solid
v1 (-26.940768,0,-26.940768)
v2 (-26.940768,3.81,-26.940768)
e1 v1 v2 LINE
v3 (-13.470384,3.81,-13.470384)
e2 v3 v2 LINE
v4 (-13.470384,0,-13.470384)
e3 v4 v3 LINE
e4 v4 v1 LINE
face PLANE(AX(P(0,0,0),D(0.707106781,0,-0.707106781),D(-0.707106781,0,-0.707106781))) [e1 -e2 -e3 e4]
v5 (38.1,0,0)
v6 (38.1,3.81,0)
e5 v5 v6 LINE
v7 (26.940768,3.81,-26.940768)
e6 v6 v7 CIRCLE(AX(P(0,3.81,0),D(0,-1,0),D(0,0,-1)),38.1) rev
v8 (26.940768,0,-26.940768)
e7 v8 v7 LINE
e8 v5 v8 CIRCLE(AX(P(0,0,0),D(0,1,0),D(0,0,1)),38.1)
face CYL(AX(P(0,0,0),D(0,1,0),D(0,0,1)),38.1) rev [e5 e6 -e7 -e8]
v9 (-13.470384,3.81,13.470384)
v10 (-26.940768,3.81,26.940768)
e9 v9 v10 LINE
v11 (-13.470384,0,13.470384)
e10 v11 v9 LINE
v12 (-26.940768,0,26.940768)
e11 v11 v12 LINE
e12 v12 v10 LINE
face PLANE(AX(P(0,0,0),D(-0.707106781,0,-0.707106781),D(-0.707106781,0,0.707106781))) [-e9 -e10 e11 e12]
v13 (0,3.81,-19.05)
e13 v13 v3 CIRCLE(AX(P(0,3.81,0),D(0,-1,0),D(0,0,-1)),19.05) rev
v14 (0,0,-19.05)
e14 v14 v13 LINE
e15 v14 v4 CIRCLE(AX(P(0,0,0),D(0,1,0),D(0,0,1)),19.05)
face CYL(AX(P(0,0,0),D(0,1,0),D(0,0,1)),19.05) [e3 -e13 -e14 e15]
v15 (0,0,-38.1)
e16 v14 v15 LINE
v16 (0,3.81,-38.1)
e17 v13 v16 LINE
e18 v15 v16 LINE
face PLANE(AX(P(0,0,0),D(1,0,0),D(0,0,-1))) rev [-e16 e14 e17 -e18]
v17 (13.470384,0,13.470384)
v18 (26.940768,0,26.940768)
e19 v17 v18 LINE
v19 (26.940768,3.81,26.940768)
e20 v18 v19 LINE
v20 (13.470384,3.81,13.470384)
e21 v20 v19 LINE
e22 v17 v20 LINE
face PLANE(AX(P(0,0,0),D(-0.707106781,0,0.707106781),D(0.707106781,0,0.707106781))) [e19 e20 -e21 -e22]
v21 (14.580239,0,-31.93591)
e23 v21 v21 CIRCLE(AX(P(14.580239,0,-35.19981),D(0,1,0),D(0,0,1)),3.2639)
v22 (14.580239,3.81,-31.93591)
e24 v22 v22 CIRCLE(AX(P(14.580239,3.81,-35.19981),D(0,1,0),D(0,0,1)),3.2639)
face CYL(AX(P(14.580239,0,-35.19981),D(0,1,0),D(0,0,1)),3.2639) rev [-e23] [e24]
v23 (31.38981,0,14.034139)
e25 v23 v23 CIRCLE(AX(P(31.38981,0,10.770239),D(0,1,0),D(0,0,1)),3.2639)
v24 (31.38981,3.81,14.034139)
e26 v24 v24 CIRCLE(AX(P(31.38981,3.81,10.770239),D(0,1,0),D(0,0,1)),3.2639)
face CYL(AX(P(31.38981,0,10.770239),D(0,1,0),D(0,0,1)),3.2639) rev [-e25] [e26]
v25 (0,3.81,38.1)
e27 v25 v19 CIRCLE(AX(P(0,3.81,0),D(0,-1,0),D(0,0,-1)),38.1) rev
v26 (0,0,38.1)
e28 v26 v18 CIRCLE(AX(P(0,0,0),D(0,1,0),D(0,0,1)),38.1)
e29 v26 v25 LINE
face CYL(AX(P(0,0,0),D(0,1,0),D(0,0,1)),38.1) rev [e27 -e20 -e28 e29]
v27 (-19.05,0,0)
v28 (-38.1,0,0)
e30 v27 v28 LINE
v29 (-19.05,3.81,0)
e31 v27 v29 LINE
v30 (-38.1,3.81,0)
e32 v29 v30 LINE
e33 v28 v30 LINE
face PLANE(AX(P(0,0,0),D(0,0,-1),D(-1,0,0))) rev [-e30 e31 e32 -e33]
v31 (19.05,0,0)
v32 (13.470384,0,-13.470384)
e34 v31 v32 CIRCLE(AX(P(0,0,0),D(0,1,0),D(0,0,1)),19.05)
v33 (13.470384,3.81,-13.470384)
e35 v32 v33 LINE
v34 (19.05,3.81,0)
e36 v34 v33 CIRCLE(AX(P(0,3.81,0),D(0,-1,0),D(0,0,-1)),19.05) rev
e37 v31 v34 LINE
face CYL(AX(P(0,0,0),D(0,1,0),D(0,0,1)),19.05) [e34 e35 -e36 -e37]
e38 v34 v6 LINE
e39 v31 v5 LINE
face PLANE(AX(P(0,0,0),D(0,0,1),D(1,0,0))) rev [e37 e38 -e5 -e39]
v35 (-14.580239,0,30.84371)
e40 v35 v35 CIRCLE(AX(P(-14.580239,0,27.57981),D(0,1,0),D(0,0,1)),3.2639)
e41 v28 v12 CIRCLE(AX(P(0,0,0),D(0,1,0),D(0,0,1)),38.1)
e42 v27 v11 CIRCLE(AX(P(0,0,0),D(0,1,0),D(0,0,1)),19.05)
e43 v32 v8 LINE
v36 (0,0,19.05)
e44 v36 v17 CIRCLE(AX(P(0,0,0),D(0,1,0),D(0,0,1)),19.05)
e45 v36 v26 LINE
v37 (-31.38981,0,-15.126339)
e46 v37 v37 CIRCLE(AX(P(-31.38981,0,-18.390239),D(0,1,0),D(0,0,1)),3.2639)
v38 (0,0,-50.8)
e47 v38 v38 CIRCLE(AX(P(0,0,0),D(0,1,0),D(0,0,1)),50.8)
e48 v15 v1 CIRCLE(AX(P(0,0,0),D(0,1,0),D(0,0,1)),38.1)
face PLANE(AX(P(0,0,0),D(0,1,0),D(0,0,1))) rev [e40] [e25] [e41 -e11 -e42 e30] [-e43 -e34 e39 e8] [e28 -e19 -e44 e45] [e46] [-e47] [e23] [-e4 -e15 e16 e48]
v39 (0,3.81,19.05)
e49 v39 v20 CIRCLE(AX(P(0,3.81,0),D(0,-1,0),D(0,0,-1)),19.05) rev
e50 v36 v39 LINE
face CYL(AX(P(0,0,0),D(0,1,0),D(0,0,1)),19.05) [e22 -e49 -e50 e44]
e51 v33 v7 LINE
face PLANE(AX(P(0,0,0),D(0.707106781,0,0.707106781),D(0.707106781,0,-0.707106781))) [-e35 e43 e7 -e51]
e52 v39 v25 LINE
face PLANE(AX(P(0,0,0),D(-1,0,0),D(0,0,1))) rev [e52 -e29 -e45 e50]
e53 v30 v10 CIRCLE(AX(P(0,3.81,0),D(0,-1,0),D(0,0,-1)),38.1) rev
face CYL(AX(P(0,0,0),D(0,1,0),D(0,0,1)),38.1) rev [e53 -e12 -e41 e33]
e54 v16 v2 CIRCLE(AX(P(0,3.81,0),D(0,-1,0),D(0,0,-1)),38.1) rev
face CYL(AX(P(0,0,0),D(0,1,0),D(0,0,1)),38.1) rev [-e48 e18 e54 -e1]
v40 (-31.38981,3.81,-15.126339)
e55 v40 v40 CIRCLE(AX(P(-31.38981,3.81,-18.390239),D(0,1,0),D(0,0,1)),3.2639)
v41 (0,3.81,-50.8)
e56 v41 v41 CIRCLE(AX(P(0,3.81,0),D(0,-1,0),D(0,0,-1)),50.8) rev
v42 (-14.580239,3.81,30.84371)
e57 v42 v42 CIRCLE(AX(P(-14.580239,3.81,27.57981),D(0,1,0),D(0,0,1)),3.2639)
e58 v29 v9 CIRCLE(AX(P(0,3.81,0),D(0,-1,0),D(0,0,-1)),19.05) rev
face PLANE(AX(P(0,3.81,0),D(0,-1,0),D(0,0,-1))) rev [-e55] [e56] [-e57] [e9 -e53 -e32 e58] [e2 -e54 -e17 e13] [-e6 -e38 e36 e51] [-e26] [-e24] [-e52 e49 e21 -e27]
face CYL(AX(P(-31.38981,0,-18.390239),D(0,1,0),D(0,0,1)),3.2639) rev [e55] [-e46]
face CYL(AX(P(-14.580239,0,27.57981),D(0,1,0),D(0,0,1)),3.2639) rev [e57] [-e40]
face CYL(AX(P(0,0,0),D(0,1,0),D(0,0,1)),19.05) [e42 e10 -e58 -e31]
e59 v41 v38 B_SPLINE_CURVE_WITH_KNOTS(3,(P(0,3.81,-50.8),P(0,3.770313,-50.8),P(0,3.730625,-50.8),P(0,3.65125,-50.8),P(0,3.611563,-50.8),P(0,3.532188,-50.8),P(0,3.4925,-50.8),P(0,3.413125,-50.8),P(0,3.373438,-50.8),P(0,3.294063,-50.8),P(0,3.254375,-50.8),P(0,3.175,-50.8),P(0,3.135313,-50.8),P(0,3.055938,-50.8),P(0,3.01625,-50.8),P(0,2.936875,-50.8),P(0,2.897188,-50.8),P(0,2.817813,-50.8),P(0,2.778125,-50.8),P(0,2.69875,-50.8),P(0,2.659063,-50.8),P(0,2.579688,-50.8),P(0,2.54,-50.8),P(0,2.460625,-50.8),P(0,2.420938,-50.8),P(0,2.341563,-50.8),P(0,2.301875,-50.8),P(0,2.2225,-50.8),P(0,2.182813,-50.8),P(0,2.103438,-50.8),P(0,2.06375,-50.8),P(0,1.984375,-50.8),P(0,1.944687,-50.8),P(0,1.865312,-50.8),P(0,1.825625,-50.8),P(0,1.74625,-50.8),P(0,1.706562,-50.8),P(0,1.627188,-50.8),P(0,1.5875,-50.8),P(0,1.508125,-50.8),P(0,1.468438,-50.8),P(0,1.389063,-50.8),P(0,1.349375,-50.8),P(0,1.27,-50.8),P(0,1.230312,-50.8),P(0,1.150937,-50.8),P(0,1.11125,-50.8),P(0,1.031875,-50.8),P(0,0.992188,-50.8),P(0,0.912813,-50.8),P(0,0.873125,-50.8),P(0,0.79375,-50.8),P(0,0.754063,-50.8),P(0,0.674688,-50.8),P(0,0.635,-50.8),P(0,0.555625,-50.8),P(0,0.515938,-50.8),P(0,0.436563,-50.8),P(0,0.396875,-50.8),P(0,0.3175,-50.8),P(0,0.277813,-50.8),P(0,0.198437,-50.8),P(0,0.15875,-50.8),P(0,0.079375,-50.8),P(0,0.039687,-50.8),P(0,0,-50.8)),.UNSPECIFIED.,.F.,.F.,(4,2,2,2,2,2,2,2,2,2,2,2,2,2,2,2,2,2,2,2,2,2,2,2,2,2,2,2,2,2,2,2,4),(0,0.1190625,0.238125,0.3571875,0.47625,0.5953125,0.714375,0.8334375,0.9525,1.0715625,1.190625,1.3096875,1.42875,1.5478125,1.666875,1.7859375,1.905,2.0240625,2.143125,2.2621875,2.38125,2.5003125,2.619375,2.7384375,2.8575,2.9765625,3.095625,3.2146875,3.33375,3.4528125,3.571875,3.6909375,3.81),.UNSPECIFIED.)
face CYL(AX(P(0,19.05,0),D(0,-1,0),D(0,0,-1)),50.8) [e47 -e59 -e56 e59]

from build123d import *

# Parameters (mm, degrees)
SKETCH1_R           = 50.8
BOSS_EXTRUDE1_DEPTH = 19.05
CUT_EXTRUDE2_DEPTH  = 15.24
SKETCH5_R           = 4.064
CUT_EXTRUDE3_DEPTH  = 74.440708058
CUT_EXTRUDE4_DEPTH  = 75.324844433
SKETCH7_R           = 48.26
CUT_EXTRUDE5_DEPTH  = 15.24
SKETCH8_R           = 3.2639
CUT_EXTRUDE6_DEPTH  = 74.440708058
CUT_EXTRUDE7_START  = -15.24
SKETCH9_R           = 50.8
CUT_EXTRUDE7_DEPTH  = 15.24
SKETCH10_R          = 6.215985944
BOSS_EXTRUDE2_DEPTH = 3.81


with BuildPart() as part:
    # Sketch1 → Boss-Extrude1 (new body)
    with BuildSketch(Plane(origin=(0, 0, 0), x_dir=(1, 0, 0), z_dir=(0, 1, 0))):
        with Locations(Location((0, 0, 0), (0, 0, 90))):
            Circle(SKETCH1_R)
    extrude(amount=BOSS_EXTRUDE1_DEPTH)

    # Sketch4 → Cut-Extrude2 (cut)
    with BuildSketch(Plane(origin=(0, 19.05, 0), x_dir=(1, 0, 0), z_dir=(0, 1, 0))):
        Polygon((-3.519527241, 6.096), (3.519527241, 6.096), (7.039054482, 0), (3.519527241, -6.096), (-3.519527241, -6.096), (-7.039054482, 0), align=None)
    extrude(amount=-CUT_EXTRUDE2_DEPTH, mode=Mode.SUBTRACT)

    # Sketch5 → Cut-Extrude3 (cut, through all)
    with BuildSketch(Plane(origin=(0, 3.81, 0), x_dir=(1, 0, 0), z_dir=(0, 1, 0))):
        with Locations(Location((0, 0, 0), (0, 0, 270))):
            Circle(SKETCH5_R)
    extrude(amount=-CUT_EXTRUDE3_DEPTH, mode=Mode.SUBTRACT)

    # Sketch6 → Cut-Extrude4 (cut, through all)
    with BuildSketch(Plane(origin=(0, 19.05, 0), x_dir=(1, 0, 0), z_dir=(0, 1, 0))):
        with BuildLine():
            ThreePointArc((-13.470384182, 13.470384182), (-7.290119387, 17.599905094), (0, 19.05))
            Line((0, 19.05), (0, 38.1))
            ThreePointArc((0, 38.1), (-14.580238773, 35.199810189), (-26.940768363, 26.940768363))
            Line((-26.940768363, 26.940768363), (-13.470384182, 13.470384182))
        make_face()
        with BuildLine():
            Line((26.940768363, 26.940768363), (13.470384182, 13.470384182))
            ThreePointArc((13.470384182, 13.470384182), (17.599905094, 7.290119387), (19.05, 0))
            Line((19.05, 0), (38.1, 0))
            ThreePointArc((38.1, 0), (35.199810189, 14.580238773), (26.940768363, 26.940768363))
        make_face()
        with BuildLine():
            Line((26.940768363, -26.940768363), (13.470384182, -13.470384182))
            ThreePointArc((13.470384182, -13.470384182), (7.290119387, -17.599905094), (0, -19.05))
            Line((0, -19.05), (0, -38.1))
            ThreePointArc((0, -38.1), (14.580238773, -35.199810189), (26.940768363, -26.940768363))
        make_face()
        with BuildLine():
            Line((-26.940768363, -26.940768363), (-13.470384182, -13.470384182))
            ThreePointArc((-13.470384182, -13.470384182), (-17.599905094, -7.290119387), (-19.05, 0))
            Line((-19.05, 0), (-38.1, 0))
            ThreePointArc((-38.1, 0), (-35.199810189, -14.580238773), (-26.940768363, -26.940768363))
        make_face()
    extrude(amount=-CUT_EXTRUDE4_DEPTH, mode=Mode.SUBTRACT)

    # Sketch7 → Cut-Extrude5 (cut)
    with BuildSketch(Plane(origin=(0, 19.05, 0), x_dir=(1, 0, 0), z_dir=(0, 1, 0))):
        with Locations(Location((0, 0, 0), (0, 0, 270))):
            Circle(SKETCH7_R)
        with BuildLine():
            Line((-16.313445375, 2.54), (-40.560547334, 2.54))
            ThreePointArc((-40.560547334, 2.54), (-37.546464201, -15.552254691), (-26.884586844, -30.476689292))
            Line((-26.884586844, -30.476689292), (-9.739296625, -13.331399073))
            ThreePointArc((-9.739296625, -13.331399073), (-15.253251082, -6.318103468), (-16.313445375, 2.54))
        make_face(mode=Mode.SUBTRACT)
        with BuildLine():
            Line((16.313445375, -2.54), (40.560547334, -2.54))
            ThreePointArc((40.560547334, -2.54), (37.546464201, 15.552254691), (26.884586844, 30.476689292))
            Line((26.884586844, 30.476689292), (9.739296625, 13.331399073))
            ThreePointArc((9.739296625, 13.331399073), (15.253251082, 6.318103468), (16.313445375, -2.54))
        make_face(mode=Mode.SUBTRACT)
        Polygon((4.985996925, 8.636), (-4.985996925, 8.636), (-9.971993849, 0), (-4.985996925, -8.636), (4.985996925, -8.636), (9.971993849, 0), align=None, mode=Mode.SUBTRACT)
        with BuildLine():
            ThreePointArc((2.54, 40.560547334), (-15.552254691, 37.546464201), (-30.476689292, 26.884586844))
            Line((-30.476689292, 26.884586844), (-13.331399073, 9.739296625))
            ThreePointArc((-13.331399073, 9.739296625), (-6.318103468, 15.253251082), (2.54, 16.313445375))
            Line((2.54, 16.313445375), (2.54, 40.560547334))
        make_face(mode=Mode.SUBTRACT)
        with BuildLine():
            Line((-2.54, -16.313445375), (-2.54, -40.560547334))
            ThreePointArc((-2.54, -40.560547334), (15.552254691, -37.546464201), (30.476689292, -26.884586844))
            Line((30.476689292, -26.884586844), (13.331399073, -9.739296625))
            ThreePointArc((13.331399073, -9.739296625), (6.318103468, -15.253251082), (-2.54, -16.313445375))
        make_face(mode=Mode.SUBTRACT)
    extrude(amount=-CUT_EXTRUDE5_DEPTH, mode=Mode.SUBTRACT)

    # Sketch8 → Cut-Extrude6 (cut, through all)
    with BuildSketch(Plane(origin=(0, 3.81, 0), x_dir=(1, 0, 0), z_dir=(0, 1, 0))):
        with Locations(Location((14.580238773, 35.199810189, 0), (0, 0, 270))):
            Circle(SKETCH8_R)
        with Locations(Location((31.389810189, -10.770238773, 0), (0, 0, 270))):
            Circle(SKETCH8_R)
        with Locations(Location((-14.580238773, -27.579810189, 0), (0, 0, 270))):
            Circle(SKETCH8_R)
        with Locations(Location((-31.389810189, 18.390238773, 0), (0, 0, 270))):
            Circle(SKETCH8_R)
    extrude(amount=-CUT_EXTRUDE6_DEPTH, mode=Mode.SUBTRACT)

    # Sketch9 → Cut-Extrude7 (cut)
    with BuildSketch(Plane(origin=(0, 19.05, 0), x_dir=(1, 0, 0), z_dir=(0, 1, 0)).offset(CUT_EXTRUDE7_START)):
        with Locations(Location((0, 0, 0), (0, 0, 90))):
            Circle(SKETCH9_R)
    extrude(amount=CUT_EXTRUDE7_DEPTH, mode=Mode.SUBTRACT)

    # Sketch10 → Boss-Extrude2 (add)
    with BuildSketch(Plane(origin=(0, 3.81, 0), x_dir=(1, 0, 0), z_dir=(0, 1, 0))):
        Circle(SKETCH10_R)
    extrude(amount=-BOSS_EXTRUDE2_DEPTH)


solid = part.part
